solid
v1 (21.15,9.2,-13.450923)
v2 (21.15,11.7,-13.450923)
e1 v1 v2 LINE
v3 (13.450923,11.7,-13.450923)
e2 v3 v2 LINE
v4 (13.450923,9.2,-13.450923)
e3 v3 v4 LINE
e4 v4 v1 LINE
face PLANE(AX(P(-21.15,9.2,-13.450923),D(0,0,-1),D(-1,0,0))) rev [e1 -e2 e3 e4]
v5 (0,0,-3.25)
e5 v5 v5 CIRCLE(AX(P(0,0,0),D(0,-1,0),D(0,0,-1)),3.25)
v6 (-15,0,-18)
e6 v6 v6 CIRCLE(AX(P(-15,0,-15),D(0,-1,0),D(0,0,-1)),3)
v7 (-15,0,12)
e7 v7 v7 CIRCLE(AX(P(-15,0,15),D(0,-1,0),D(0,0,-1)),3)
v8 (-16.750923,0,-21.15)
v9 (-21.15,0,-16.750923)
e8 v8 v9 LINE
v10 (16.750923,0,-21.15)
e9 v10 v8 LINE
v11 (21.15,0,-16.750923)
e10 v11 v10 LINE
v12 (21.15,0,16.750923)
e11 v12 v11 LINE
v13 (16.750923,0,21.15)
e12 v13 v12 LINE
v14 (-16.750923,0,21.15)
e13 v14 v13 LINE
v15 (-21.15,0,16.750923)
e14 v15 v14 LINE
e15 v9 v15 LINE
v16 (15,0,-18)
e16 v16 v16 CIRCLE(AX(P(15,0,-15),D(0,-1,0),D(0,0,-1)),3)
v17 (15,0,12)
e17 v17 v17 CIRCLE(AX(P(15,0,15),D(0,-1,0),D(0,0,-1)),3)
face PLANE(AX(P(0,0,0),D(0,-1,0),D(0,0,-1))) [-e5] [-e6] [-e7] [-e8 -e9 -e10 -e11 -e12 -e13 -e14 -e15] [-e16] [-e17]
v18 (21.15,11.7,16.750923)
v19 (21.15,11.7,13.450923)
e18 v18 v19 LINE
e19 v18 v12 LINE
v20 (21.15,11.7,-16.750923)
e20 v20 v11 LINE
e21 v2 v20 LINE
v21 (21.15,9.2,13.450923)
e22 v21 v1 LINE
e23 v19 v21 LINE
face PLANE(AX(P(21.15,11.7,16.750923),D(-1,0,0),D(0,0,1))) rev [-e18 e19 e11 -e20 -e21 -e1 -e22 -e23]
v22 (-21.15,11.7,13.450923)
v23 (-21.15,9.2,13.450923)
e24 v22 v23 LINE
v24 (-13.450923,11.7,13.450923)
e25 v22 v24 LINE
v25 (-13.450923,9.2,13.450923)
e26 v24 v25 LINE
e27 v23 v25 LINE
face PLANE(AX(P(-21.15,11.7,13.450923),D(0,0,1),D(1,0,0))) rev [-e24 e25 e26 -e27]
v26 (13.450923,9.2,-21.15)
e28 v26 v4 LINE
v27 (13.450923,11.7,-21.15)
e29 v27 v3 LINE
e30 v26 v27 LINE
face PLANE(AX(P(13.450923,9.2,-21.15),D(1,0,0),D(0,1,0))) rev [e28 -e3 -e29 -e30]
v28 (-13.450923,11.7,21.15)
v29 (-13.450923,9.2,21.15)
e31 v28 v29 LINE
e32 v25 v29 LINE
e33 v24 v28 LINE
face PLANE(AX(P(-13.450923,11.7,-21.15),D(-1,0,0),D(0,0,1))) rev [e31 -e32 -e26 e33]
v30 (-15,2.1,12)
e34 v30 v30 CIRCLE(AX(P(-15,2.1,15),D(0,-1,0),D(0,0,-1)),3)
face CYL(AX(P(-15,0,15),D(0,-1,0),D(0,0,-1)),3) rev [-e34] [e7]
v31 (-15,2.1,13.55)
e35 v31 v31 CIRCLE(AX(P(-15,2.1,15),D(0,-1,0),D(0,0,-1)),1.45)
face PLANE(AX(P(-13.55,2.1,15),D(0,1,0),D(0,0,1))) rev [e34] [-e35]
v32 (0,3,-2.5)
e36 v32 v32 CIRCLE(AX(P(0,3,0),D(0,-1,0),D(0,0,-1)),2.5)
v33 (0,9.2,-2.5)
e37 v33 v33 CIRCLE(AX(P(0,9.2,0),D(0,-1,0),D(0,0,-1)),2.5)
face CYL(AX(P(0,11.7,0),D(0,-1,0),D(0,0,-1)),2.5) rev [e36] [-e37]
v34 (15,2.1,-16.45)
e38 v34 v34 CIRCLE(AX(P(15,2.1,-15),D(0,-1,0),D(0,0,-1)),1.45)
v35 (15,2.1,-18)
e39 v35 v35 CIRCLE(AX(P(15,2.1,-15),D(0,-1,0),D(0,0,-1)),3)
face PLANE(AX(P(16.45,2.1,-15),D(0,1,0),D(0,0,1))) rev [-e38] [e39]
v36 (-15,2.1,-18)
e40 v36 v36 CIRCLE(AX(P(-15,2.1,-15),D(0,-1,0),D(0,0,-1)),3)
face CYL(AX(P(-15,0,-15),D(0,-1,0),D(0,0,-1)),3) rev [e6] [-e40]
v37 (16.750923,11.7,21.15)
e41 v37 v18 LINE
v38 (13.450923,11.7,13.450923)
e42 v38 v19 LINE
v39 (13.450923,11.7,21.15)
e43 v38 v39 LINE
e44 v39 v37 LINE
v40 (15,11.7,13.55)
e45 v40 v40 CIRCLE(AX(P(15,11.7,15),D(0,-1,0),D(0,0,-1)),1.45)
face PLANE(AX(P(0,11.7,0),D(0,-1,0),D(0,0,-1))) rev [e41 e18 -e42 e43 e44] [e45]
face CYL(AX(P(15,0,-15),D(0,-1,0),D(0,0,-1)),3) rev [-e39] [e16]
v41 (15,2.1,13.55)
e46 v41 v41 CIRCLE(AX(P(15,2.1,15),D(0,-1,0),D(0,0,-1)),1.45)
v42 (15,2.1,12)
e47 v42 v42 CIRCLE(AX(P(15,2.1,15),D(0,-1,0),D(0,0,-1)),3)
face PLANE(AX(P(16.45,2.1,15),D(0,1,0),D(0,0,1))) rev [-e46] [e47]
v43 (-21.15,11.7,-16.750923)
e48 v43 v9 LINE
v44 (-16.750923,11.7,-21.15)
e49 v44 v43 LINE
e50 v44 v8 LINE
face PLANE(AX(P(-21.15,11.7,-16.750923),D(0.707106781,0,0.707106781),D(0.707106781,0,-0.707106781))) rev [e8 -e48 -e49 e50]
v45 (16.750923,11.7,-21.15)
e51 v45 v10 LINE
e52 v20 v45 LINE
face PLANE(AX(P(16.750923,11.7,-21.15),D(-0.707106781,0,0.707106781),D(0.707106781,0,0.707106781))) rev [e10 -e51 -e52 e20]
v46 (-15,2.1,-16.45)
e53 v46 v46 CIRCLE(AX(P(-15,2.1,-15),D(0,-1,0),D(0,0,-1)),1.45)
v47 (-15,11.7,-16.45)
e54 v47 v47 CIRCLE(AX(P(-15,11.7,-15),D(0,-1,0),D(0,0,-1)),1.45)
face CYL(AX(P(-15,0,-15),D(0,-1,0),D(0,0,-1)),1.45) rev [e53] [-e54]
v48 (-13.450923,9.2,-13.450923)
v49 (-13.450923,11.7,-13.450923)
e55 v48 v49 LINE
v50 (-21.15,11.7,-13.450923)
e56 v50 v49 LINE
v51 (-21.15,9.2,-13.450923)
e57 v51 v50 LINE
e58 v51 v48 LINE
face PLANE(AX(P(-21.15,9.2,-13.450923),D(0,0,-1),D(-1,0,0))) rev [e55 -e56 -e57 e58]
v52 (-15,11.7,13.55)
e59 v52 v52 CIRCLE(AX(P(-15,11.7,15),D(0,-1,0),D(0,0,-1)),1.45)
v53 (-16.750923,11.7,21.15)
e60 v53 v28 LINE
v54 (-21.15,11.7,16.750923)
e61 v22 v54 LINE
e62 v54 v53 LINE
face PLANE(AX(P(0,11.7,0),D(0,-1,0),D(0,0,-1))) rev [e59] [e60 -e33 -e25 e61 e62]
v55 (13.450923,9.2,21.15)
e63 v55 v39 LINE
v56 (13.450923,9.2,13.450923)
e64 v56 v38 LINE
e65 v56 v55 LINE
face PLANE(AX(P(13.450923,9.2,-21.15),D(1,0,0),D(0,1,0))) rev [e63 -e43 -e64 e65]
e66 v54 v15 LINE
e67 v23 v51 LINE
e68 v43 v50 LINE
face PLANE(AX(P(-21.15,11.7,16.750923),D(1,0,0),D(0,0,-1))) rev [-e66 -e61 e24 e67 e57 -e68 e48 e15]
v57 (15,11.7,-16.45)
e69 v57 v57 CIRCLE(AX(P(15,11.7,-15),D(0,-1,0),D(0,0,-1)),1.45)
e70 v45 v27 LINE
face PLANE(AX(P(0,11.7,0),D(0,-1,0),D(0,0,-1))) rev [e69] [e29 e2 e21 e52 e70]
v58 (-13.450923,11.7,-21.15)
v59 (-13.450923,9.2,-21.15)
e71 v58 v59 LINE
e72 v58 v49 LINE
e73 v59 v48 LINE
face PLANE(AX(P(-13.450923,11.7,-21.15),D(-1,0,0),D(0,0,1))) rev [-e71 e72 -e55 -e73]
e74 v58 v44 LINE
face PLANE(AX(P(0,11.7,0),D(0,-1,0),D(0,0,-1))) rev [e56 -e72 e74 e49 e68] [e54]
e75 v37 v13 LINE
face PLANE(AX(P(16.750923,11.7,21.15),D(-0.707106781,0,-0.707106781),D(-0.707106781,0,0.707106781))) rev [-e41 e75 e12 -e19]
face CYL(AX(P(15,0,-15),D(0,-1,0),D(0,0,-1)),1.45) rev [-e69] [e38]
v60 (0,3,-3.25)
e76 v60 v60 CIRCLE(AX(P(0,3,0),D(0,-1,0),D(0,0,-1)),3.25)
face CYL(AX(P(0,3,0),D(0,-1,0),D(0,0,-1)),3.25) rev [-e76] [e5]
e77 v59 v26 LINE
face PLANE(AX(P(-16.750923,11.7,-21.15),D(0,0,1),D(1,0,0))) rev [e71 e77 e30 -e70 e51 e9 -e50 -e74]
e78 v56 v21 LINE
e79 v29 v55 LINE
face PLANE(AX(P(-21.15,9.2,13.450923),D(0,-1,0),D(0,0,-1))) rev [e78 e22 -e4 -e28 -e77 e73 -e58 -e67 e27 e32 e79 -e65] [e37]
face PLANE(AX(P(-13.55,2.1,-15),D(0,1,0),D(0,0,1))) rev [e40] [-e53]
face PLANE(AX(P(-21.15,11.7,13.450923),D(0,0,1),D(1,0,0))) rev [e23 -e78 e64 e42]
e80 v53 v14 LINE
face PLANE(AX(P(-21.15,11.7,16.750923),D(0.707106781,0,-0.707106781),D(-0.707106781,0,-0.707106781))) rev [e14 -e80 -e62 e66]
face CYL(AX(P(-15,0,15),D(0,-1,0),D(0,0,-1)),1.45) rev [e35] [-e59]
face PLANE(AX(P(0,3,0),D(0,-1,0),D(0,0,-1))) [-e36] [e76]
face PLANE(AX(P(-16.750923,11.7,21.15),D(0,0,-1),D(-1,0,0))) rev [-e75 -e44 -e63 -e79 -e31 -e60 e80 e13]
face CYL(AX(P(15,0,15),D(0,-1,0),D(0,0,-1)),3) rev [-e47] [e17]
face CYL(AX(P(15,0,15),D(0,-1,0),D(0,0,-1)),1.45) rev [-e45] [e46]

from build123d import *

# Parameters (mm, degrees)
BOSS_EXTRUDE1_DEPTH                                = 11.7
SKETCH12_W                                         = 26.901846944
SKETCH12_H                                         = 2.5
CUT_EXTRUDE6_DEPTH                                 = 43.3
SKETCH13_W                                         = 26.901846944
SKETCH13_H                                         = 2.5
CUT_EXTRUDE7_DEPTH                                 = 43.3
SKETCH14_R                                         = 3.25
CUT_EXTRUDE8_DEPTH                                 = 3
SKETCH15_R                                         = 2.5
CUT_EXTRUDE9_DEPTH                                 = 9.7
CBORE_FOR_M2_5_PAN_HEAD_MACHINE_SCREW1_D           = 2.9
CBORE_FOR_M2_5_PAN_HEAD_MACHINE_SCREW1_CBORE_D     = 6
CBORE_FOR_M2_5_PAN_HEAD_MACHINE_SCREW1_CBORE_DEPTH = 2.1


with BuildPart() as part:
    # Sketch1 → Boss-Extrude1 (new body)
    with BuildSketch(Plane(origin=(0, 0, 0), x_dir=(1, 0, 0), z_dir=(0, 1, 0))):
        Polygon((-21.15, 16.750923472), (-16.750923472, 21.15), (16.750923472, 21.15), (21.15, 16.750923472), (21.15, -16.750923472), (16.750923472, -21.15), (-16.750923472, -21.15), (-21.15, -16.750923472), align=None)
    extrude(amount=BOSS_EXTRUDE1_DEPTH)

    # Sketch12 → Cut-Extrude6 (cut, through all)
    with BuildSketch(Plane(origin=(21.15, 0, 0), x_dir=(0, 0, -1), z_dir=(1, 0, 0))):
        with Locations((0, 10.45)):
            Rectangle(SKETCH12_W, SKETCH12_H)
    extrude(amount=-CUT_EXTRUDE6_DEPTH, mode=Mode.SUBTRACT)

    # Sketch13 → Cut-Extrude7 (cut, through all)
    with BuildSketch(Plane.XY.offset(21.15)):
        with Locations((0, 10.45)):
            Rectangle(SKETCH13_W, SKETCH13_H)
    extrude(amount=-CUT_EXTRUDE7_DEPTH, mode=Mode.SUBTRACT)

    # Sketch14 → Cut-Extrude8 (cut)
    with BuildSketch(Plane.XZ):
        Circle(SKETCH14_R)
    extrude(amount=-CUT_EXTRUDE8_DEPTH, mode=Mode.SUBTRACT)

    # Sketch15 → Cut-Extrude9 (cut, through all)
    with BuildSketch(Plane.XZ.offset(-3)):
        Circle(SKETCH15_R)
    extrude(amount=-CUT_EXTRUDE9_DEPTH, mode=Mode.SUBTRACT)

    # CBORE for M2.5 Pan Head Machine Screw1 (through all)
    with Locations(Plane(origin=(0, 0, 0), x_dir=(-1, 0, 0), z_dir=(0, -1, 0))):
        with Locations((15, -15), (-15, -15), (-15, 15), (15, 15)):
            CounterBoreHole(CBORE_FOR_M2_5_PAN_HEAD_MACHINE_SCREW1_D / 2, CBORE_FOR_M2_5_PAN_HEAD_MACHINE_SCREW1_CBORE_D / 2, CBORE_FOR_M2_5_PAN_HEAD_MACHINE_SCREW1_CBORE_DEPTH)


solid = part.part
